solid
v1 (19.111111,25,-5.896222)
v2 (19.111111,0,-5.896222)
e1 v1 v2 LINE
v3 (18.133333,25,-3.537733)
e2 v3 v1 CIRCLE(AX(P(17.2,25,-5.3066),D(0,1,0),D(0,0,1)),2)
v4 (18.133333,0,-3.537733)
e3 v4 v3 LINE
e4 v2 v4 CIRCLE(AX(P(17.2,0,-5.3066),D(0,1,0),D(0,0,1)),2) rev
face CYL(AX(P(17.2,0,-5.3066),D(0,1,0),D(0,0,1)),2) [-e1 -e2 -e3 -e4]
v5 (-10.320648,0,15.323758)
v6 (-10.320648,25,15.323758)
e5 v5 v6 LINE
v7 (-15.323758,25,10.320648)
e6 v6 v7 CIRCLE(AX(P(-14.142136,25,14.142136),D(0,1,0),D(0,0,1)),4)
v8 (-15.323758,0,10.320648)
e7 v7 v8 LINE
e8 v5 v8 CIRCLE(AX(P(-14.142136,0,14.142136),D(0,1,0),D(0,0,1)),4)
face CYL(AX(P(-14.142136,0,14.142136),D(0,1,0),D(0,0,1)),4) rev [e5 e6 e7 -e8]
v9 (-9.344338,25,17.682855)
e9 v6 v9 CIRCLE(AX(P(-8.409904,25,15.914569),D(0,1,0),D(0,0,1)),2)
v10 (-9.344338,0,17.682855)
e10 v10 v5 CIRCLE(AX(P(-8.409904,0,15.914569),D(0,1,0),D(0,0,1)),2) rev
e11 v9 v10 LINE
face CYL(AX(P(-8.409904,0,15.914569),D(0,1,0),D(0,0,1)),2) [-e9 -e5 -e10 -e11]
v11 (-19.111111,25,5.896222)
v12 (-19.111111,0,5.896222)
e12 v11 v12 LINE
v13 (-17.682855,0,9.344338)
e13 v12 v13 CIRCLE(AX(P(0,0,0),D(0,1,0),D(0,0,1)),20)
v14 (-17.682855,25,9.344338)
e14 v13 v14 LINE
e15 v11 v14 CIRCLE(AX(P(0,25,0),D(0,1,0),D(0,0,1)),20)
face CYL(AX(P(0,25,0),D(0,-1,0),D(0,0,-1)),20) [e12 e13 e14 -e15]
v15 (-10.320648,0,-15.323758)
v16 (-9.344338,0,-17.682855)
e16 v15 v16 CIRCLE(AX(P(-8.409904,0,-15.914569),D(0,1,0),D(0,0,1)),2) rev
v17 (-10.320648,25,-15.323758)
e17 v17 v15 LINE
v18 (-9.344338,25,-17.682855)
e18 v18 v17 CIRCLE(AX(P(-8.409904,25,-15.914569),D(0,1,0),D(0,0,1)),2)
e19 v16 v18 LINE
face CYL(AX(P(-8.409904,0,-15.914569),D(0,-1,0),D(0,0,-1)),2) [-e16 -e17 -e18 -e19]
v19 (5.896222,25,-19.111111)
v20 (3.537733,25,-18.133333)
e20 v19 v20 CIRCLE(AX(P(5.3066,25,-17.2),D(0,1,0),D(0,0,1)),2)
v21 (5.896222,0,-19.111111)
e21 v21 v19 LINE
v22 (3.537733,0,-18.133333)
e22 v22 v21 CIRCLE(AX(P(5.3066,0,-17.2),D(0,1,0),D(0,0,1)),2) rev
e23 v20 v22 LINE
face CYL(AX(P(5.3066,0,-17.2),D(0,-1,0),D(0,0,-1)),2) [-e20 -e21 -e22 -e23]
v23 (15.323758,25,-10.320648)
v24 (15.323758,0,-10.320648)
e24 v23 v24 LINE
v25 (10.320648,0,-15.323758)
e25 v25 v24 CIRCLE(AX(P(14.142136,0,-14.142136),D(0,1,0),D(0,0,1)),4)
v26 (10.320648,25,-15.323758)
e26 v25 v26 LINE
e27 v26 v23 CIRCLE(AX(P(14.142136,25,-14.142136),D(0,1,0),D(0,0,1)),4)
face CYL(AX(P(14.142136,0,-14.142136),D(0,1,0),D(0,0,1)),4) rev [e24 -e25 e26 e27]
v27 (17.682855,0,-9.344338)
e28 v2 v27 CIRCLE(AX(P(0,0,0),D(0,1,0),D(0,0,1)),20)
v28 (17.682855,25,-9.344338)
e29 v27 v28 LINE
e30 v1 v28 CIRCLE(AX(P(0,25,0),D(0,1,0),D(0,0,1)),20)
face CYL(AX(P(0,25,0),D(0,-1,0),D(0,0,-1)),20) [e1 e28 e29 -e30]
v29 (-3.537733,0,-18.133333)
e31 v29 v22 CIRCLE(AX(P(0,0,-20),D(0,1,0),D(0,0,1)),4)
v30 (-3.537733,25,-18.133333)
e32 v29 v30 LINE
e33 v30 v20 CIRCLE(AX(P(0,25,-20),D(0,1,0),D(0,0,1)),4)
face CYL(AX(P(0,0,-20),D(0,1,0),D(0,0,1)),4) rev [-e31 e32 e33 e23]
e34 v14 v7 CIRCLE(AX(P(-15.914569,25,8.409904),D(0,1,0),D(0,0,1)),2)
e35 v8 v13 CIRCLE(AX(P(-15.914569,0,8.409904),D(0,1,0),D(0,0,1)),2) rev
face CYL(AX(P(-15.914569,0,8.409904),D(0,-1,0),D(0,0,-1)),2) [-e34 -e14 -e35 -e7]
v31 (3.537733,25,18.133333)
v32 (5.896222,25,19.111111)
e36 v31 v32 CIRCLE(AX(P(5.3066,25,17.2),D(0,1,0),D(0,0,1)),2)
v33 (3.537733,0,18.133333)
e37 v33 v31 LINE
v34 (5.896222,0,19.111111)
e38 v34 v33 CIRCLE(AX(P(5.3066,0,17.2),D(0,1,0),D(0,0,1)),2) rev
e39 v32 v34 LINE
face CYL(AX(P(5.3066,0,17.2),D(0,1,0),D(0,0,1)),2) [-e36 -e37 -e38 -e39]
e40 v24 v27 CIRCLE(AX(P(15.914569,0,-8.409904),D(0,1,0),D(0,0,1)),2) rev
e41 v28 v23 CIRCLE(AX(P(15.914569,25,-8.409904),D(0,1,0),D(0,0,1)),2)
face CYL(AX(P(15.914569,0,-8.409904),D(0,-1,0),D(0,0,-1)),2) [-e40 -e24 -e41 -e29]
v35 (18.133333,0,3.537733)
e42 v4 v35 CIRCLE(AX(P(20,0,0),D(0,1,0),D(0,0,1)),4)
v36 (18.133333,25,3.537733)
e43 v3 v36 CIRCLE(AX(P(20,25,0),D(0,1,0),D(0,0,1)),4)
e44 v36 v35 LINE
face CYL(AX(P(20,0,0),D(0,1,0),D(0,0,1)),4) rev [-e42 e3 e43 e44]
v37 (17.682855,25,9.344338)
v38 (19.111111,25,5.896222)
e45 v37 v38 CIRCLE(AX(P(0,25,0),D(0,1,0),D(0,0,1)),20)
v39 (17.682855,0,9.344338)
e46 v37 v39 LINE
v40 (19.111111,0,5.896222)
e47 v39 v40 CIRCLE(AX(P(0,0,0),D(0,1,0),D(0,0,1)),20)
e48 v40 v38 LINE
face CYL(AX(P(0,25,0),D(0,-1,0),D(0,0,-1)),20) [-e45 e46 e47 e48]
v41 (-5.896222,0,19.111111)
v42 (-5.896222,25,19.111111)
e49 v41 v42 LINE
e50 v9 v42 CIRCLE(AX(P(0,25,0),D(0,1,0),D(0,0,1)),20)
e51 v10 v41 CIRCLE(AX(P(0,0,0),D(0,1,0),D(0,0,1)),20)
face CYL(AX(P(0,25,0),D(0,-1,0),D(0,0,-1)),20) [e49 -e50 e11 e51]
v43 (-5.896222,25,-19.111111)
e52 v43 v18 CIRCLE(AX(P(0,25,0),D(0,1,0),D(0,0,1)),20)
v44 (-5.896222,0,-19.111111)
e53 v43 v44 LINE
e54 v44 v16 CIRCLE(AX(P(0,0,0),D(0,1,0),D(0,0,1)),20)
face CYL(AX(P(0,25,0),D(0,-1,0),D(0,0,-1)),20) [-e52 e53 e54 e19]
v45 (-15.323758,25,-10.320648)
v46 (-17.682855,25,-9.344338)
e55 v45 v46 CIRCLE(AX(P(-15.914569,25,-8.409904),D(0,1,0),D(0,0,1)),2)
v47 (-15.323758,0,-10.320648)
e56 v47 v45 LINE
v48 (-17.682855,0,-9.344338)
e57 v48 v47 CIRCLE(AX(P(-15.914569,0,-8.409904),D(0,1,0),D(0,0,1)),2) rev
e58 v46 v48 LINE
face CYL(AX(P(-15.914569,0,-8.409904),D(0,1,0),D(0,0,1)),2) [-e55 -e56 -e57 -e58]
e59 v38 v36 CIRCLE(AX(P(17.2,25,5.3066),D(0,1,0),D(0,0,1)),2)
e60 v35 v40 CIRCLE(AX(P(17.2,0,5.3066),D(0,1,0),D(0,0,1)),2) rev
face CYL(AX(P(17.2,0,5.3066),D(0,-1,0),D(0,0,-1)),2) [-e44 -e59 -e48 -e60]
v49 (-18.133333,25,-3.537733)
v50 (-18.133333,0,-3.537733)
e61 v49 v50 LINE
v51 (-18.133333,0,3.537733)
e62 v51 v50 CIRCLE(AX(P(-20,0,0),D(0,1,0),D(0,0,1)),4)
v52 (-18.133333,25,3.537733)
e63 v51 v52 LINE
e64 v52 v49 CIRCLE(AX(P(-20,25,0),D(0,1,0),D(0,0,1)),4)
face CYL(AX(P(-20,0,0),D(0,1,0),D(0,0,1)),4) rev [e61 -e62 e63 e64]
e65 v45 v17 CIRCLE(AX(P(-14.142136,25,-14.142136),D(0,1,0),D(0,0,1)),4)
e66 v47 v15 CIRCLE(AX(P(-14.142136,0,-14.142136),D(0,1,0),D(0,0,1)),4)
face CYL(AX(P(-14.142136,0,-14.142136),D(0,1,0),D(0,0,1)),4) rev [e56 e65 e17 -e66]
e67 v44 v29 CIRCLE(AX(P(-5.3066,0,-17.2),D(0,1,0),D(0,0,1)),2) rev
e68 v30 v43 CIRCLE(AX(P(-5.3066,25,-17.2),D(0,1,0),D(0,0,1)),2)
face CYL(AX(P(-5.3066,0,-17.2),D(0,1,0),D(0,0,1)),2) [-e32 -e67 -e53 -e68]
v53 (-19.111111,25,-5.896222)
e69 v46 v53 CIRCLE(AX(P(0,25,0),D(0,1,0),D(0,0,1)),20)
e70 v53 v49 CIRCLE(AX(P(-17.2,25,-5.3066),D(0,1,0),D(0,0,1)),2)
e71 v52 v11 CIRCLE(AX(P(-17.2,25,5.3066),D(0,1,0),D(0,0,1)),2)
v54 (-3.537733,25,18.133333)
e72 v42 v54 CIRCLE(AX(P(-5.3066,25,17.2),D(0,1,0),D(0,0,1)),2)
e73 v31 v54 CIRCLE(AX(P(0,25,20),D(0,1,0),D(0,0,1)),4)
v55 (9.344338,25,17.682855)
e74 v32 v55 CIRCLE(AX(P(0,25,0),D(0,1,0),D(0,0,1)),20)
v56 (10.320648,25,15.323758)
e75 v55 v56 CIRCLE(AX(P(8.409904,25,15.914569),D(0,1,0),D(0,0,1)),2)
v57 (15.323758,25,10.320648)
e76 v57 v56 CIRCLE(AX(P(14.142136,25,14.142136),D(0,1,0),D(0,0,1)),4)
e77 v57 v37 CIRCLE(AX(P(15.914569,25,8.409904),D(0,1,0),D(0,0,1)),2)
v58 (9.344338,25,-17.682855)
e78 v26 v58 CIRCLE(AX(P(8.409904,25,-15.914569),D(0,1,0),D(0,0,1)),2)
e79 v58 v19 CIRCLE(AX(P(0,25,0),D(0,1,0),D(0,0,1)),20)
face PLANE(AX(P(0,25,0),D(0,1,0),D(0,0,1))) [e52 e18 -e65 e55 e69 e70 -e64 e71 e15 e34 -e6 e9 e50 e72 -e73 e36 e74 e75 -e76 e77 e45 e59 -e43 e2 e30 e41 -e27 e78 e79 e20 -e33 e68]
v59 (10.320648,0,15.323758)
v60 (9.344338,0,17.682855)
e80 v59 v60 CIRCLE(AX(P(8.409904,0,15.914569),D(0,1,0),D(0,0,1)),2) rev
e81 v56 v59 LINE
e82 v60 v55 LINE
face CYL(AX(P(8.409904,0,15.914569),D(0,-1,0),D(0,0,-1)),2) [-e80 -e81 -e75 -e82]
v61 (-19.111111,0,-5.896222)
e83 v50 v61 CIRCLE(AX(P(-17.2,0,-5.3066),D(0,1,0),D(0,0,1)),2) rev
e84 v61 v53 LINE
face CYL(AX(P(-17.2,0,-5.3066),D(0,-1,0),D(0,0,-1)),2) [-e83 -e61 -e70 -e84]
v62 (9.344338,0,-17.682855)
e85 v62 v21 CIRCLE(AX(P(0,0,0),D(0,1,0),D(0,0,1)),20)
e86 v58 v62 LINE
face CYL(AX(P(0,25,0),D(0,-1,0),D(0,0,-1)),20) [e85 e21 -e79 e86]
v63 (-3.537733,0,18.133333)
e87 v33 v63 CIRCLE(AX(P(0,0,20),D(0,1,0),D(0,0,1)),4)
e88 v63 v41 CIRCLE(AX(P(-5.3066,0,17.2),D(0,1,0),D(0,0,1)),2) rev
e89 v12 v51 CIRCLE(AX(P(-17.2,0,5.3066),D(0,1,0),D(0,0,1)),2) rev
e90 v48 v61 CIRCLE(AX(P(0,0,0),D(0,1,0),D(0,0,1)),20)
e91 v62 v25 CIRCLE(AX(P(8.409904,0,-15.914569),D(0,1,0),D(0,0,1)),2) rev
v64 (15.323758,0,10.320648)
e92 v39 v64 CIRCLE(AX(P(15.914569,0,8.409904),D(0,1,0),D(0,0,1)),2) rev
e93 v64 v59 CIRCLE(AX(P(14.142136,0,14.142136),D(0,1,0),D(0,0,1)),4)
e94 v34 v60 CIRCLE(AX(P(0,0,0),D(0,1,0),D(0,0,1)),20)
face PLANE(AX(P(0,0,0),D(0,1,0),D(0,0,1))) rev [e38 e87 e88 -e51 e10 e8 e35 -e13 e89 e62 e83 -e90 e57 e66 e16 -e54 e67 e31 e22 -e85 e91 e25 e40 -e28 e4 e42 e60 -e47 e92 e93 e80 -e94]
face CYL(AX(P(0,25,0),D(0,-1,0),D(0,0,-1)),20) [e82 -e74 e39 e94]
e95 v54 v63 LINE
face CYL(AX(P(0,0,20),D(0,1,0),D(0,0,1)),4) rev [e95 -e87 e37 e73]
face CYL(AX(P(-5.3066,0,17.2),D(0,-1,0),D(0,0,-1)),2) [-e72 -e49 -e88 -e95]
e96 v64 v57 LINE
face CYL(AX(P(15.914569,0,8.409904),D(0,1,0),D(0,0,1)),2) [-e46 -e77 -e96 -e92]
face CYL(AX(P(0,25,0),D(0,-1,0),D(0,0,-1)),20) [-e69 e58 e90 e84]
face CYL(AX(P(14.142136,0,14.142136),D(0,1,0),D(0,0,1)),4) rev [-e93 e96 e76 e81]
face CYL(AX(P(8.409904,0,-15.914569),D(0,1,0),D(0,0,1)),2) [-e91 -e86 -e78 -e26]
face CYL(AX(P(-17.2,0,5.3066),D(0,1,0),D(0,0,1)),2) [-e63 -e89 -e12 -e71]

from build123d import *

# Parameters (mm, degrees)
SKETCH1_R           = 20
BOSS_EXTRUDE1_DEPTH = 25
SKETCH2_R           = 4
CUT_EXTRUDE1_DEPTH  = 25
FILLET1_R           = 2


with BuildPart() as part:
    # Sketch1 → Boss-Extrude1 (new body)
    with BuildSketch(Plane(origin=(0, 0, 0), x_dir=(1, 0, 0), z_dir=(0, 1, 0))):
        with Locations(Location((0, 0, 0), (0, 0, 270))):
            Circle(SKETCH1_R)
    extrude(amount=BOSS_EXTRUDE1_DEPTH)

    # Sketch2 → Cut-Extrude1 (cut)
    with BuildSketch(Plane(origin=(0, 25, 0), x_dir=(1, 0, 0), z_dir=(0, 1, 0))):
        with Locations((0, 20)):
            Circle(SKETCH2_R)
        with Locations((14.142135624, 14.142135624)):
            Circle(SKETCH2_R)
        with Locations((20, 0)):
            Circle(SKETCH2_R)
        with Locations((14.142135624, -14.142135624)):
            Circle(SKETCH2_R)
        with Locations((0, -20)):
            Circle(SKETCH2_R)
        with Locations((-14.142135624, -14.142135624)):
            Circle(SKETCH2_R)
        with Locations((-20, 0)):
            Circle(SKETCH2_R)
        with Locations((-14.142135624, 14.142135624)):
            Circle(SKETCH2_R)
    extrude(amount=-CUT_EXTRUDE1_DEPTH, mode=Mode.SUBTRACT)

    # Fillet1
    fillet1_edges = [part.edges().sort_by_distance(p)[0] for p in [
        (16.673542367, 12.5, -11.045043455),
        (11.045043455, 12.5, -16.673542367),
        (19.6, 12.5, 3.979949748),
        (19.6, 12.5, -3.979949748),
        (11.045043455, 12.5, 16.673542367),
        (16.673542367, 12.5, 11.045043455),
        (-3.979949748, 12.5, 19.6),
        (3.979949748, 12.5, 19.6),
        (-16.673542367, 12.5, 11.045043455),
        (-11.045043455, 12.5, 16.673542367),
        (-19.6, 12.5, -3.979949748),
        (-19.6, 12.5, 3.979949748),
        (-11.045043455, 12.5, -16.673542367),
        (-16.673542367, 12.5, -11.045043455),
        (3.979949748, 12.5, -19.6),
        (-3.979949748, 12.5, -19.6),
    ]]
    fillet(fillet1_edges, radius=FILLET1_R)


solid = part.part
